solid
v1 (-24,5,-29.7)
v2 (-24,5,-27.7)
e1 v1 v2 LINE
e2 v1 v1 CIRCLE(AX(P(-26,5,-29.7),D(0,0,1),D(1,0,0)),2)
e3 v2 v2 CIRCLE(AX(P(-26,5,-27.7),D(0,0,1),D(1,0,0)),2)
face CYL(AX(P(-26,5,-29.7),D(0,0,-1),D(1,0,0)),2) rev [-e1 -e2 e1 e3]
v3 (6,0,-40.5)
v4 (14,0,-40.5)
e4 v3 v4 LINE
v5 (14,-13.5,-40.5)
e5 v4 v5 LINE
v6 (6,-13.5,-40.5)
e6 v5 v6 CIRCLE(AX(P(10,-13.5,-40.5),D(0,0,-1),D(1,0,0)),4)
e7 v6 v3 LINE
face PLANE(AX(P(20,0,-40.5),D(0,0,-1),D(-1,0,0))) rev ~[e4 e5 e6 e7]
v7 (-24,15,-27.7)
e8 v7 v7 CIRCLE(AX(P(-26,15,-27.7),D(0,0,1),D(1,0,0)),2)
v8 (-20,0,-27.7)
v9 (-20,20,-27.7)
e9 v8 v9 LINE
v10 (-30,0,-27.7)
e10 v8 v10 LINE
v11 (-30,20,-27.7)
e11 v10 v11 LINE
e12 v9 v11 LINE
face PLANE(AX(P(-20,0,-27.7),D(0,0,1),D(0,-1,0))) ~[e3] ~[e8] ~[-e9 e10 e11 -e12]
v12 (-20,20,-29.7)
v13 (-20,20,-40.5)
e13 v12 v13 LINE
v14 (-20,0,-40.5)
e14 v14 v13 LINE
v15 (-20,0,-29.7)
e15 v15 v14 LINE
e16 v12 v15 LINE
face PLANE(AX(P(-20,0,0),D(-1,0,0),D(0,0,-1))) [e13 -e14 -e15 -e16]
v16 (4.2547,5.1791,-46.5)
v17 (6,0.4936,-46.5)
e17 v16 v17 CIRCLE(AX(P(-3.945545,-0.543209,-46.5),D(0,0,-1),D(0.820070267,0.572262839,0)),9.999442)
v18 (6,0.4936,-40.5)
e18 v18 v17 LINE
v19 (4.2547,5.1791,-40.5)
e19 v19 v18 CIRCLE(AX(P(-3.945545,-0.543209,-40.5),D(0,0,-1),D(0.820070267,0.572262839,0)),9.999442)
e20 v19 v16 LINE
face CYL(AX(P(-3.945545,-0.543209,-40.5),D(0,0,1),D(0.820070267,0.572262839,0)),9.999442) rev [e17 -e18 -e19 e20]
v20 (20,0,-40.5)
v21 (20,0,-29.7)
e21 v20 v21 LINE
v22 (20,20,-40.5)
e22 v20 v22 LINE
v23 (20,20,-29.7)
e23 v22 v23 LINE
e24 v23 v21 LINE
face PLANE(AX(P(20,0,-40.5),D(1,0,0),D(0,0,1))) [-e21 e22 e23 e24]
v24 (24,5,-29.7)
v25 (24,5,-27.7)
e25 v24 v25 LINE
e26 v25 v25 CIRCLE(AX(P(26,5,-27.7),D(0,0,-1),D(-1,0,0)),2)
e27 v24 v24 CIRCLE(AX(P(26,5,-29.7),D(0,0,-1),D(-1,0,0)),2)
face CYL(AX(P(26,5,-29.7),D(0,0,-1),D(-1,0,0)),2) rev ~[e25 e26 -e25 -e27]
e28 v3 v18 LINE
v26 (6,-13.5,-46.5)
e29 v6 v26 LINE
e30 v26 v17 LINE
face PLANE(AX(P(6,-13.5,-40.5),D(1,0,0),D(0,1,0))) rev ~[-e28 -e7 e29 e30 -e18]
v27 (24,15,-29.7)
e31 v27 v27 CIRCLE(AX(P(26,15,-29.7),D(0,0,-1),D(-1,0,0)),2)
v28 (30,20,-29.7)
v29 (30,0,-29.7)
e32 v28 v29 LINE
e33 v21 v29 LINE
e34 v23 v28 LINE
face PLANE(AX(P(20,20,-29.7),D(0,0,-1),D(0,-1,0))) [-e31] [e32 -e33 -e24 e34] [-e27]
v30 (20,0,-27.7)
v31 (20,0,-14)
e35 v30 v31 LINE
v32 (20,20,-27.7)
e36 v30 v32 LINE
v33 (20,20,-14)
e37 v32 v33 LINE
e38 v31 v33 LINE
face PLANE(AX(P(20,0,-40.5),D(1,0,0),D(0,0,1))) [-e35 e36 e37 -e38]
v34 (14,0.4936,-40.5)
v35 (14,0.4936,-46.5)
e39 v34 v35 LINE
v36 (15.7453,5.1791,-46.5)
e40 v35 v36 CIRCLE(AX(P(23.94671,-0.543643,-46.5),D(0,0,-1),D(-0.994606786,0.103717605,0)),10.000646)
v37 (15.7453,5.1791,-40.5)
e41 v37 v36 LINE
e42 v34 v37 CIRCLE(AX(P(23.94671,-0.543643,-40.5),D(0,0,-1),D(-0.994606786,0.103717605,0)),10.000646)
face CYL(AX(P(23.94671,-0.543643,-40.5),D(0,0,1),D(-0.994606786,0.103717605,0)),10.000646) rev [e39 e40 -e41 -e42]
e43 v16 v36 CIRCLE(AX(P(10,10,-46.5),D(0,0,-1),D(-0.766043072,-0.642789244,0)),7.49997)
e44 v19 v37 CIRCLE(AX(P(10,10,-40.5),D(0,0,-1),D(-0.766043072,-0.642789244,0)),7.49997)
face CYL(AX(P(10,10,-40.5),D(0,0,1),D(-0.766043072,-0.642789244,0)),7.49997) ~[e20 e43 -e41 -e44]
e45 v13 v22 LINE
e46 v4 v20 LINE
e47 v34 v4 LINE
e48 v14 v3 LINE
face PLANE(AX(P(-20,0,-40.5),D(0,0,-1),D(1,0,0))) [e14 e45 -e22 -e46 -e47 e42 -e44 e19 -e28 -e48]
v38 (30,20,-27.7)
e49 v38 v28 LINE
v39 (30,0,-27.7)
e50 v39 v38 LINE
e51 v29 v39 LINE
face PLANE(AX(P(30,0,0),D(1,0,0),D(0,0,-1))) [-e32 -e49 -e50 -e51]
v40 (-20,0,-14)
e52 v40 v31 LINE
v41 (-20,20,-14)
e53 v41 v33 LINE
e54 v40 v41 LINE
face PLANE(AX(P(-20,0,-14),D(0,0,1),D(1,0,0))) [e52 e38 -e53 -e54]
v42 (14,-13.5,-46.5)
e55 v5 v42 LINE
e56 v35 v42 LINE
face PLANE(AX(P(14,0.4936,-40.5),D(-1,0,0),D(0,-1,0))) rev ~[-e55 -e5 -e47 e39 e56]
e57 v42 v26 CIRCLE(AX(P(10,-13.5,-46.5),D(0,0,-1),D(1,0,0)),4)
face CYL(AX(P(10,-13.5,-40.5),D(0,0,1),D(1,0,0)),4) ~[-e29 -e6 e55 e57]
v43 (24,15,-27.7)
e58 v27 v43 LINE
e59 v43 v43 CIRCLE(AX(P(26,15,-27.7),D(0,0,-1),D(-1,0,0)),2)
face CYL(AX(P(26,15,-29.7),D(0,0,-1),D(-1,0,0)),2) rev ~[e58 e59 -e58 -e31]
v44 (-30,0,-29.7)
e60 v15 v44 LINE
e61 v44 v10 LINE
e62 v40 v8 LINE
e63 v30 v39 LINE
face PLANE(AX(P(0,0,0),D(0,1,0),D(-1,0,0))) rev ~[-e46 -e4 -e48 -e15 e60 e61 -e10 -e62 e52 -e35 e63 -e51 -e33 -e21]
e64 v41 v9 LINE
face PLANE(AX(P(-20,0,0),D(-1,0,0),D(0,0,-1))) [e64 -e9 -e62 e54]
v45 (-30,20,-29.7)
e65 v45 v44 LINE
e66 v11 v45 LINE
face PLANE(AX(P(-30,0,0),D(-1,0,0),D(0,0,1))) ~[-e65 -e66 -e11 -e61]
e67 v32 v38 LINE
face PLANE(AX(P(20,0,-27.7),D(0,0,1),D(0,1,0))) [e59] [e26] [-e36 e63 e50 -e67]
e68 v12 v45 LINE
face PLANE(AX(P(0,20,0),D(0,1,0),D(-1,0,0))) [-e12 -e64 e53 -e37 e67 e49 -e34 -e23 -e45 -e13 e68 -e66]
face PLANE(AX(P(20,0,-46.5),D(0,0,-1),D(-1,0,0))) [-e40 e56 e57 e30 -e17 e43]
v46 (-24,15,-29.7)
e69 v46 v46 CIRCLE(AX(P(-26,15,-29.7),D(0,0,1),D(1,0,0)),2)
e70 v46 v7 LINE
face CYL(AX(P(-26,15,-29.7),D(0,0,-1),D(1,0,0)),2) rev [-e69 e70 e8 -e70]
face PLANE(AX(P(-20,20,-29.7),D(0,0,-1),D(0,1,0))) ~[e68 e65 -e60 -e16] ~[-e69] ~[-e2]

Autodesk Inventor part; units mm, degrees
ref_plane "YZ Plane" through (0, 0, 0) normal (1, 0, 0) x (0, 1, 0)
ref_plane "XZ Plane" through (0, 0, 0) normal (0, 1, 0) x (-1, 0, 0)
sketch "Sketch1" plane through (0, 0, 0) normal (0, 1, 0) x (-1, 0, 0)
  line L0 (-20, 0) -> (20, 0)
  line L1 (20, 0) -> (20, -40.5)
  line L2 (20, -40.5) -> (-20, -40.5)
  line L3 (-20, -40.5) -> (-20, 0)
  point P0 (0, 0)
  point P1 (0, -40.5)
  dimension "d0" = 40
  dimension "d1" = 40.5
extrude "Extrusion1" add sketch "Sketch1" along normal blind 20
sketch "Sketch2" plane through (20, 0, 0) normal (1, 0, 0) x (0, 0, -1)
  line L0 (27.7, 20) -> (29.7, 20)
  line L1 (29.7, 20) -> (29.7, 0)
  line L2 (29.7, 0) -> (27.7, 0)
  line L3 (27.7, 0) -> (27.7, 20)
  line L4 (40.5, 0) -> (40.5, 20) projected
  line L5 (0, 0) -> (0, 20) projected
  dimension "d4" = 2
  dimension "d31" = 27.7
extrude "Extrusion2" add sketch "Sketch2" along normal blind 10
sketch "Sketch3" plane through (20, 0, -29.7) normal (0, 0, -1) x (-1, 0, 0)
  circle A0 centre (-6, 15) radius 2
  line L0 (-10, 20) -> (-10, 0) projected
  line L1 (-10, 10) -> (0, 10)
  circle A1 centre (-6, 5) radius 2
  point P0 (20, 0)
  point P1 (-8, 6.7321)
  point P2 (-8, 3.2679)
  dimension "d9" = 4
  dimension "d13" = 5
  dimension "d33" = 4
extrude "Extrusion3" cut sketch "Sketch3" against normal up to next
sketch "Sketch4" plane through (20, 0, -40.5) normal (0, 0, -1) x (-1, 0, 0)
  circle A0 centre (10, 10) radius 3
  line L0 (0, 0) -> (0, 20) projected
  line L1 (0, 20) -> (40, 20) projected
  point P0 (20, 0)
  dimension "d16" = 6
  dimension "d17" = 10
  dimension "d18" = 10
extrude "Extrusion4" add sketch "Sketch4" along normal blind 6
mirror "Mirror1" about plane through (0, 0, 0) normal (1, 0, 0) of "Extrusion2", "Extrusion3"
ref_plane "Work Plane1" through (20, 0, -42.5) normal (0, 0, -1) x (-1, 0, 0)
sketch "Sketch6" plane through (20, 0, -40.5) normal (0, 0, -1) x (-1, 0, 0)
  line L0 (6, 0.4936) -> (6, -13.5)
  arc A0 (6, -13.5) -> (14, -13.5) centre (10, -13.5) ccw
  line L1 (14, -13.5) -> (14, 0.4936)
  arc A1 (15.7453, 5.1791) -> (14, 0.4936) centre (23.9461, -0.5435) ccw
  arc A2 (15.7453, 5.1791) -> (4.2547, 5.1791) centre (10, 10) ccw
  arc A3 (6, 0.4936) -> (4.2547, 5.1791) centre (-3.9461, -0.5435) ccw
  line L2 (14.2, 0.4832) -> (14.2, -13.5)
  arc A4 (5.8, -13.5) -> (14.2, -13.5) centre (10, -13.5) ccw
  line L3 (5.8, -13.5) -> (5.8, 0.4832)
  arc A5 (5.8, 0.4832) -> (4.0957, 5.0574) centre (-3.9461, -0.5435) ccw
  arc A6 (15.9043, 5.0574) -> (4.0957, 5.0574) centre (10, 10) ccw
  arc A7 (15.9043, 5.0574) -> (14.2, 0.4832) centre (23.9461, -0.5435) ccw
  circle A8 centre (10, 10) radius 3 projected
  point P0 (20, 0)
  dimension "d35" = 0.2
extrude "Extrusion6" add sketch "Sketch6" along normal blind 6 contours A3 A2 A1 L1 A0 L0
sketch "Sketch7" plane through (-20, 0, 0) normal (0, 0, 1) x (1, 0, 0)
  line L0 (0, 0) -> (40, 0) projected
  line L1 (40, 0) -> (40, 20) projected
  line L2 (0, 20) -> (40, 20) projected
  line L3 (0, 0) -> (0, 20) projected
  point P0 (20, 0)
extrude "Extrusion7" cut sketch "Sketch7" against normal blind 14
properties part number "Servo" material "PLA"
